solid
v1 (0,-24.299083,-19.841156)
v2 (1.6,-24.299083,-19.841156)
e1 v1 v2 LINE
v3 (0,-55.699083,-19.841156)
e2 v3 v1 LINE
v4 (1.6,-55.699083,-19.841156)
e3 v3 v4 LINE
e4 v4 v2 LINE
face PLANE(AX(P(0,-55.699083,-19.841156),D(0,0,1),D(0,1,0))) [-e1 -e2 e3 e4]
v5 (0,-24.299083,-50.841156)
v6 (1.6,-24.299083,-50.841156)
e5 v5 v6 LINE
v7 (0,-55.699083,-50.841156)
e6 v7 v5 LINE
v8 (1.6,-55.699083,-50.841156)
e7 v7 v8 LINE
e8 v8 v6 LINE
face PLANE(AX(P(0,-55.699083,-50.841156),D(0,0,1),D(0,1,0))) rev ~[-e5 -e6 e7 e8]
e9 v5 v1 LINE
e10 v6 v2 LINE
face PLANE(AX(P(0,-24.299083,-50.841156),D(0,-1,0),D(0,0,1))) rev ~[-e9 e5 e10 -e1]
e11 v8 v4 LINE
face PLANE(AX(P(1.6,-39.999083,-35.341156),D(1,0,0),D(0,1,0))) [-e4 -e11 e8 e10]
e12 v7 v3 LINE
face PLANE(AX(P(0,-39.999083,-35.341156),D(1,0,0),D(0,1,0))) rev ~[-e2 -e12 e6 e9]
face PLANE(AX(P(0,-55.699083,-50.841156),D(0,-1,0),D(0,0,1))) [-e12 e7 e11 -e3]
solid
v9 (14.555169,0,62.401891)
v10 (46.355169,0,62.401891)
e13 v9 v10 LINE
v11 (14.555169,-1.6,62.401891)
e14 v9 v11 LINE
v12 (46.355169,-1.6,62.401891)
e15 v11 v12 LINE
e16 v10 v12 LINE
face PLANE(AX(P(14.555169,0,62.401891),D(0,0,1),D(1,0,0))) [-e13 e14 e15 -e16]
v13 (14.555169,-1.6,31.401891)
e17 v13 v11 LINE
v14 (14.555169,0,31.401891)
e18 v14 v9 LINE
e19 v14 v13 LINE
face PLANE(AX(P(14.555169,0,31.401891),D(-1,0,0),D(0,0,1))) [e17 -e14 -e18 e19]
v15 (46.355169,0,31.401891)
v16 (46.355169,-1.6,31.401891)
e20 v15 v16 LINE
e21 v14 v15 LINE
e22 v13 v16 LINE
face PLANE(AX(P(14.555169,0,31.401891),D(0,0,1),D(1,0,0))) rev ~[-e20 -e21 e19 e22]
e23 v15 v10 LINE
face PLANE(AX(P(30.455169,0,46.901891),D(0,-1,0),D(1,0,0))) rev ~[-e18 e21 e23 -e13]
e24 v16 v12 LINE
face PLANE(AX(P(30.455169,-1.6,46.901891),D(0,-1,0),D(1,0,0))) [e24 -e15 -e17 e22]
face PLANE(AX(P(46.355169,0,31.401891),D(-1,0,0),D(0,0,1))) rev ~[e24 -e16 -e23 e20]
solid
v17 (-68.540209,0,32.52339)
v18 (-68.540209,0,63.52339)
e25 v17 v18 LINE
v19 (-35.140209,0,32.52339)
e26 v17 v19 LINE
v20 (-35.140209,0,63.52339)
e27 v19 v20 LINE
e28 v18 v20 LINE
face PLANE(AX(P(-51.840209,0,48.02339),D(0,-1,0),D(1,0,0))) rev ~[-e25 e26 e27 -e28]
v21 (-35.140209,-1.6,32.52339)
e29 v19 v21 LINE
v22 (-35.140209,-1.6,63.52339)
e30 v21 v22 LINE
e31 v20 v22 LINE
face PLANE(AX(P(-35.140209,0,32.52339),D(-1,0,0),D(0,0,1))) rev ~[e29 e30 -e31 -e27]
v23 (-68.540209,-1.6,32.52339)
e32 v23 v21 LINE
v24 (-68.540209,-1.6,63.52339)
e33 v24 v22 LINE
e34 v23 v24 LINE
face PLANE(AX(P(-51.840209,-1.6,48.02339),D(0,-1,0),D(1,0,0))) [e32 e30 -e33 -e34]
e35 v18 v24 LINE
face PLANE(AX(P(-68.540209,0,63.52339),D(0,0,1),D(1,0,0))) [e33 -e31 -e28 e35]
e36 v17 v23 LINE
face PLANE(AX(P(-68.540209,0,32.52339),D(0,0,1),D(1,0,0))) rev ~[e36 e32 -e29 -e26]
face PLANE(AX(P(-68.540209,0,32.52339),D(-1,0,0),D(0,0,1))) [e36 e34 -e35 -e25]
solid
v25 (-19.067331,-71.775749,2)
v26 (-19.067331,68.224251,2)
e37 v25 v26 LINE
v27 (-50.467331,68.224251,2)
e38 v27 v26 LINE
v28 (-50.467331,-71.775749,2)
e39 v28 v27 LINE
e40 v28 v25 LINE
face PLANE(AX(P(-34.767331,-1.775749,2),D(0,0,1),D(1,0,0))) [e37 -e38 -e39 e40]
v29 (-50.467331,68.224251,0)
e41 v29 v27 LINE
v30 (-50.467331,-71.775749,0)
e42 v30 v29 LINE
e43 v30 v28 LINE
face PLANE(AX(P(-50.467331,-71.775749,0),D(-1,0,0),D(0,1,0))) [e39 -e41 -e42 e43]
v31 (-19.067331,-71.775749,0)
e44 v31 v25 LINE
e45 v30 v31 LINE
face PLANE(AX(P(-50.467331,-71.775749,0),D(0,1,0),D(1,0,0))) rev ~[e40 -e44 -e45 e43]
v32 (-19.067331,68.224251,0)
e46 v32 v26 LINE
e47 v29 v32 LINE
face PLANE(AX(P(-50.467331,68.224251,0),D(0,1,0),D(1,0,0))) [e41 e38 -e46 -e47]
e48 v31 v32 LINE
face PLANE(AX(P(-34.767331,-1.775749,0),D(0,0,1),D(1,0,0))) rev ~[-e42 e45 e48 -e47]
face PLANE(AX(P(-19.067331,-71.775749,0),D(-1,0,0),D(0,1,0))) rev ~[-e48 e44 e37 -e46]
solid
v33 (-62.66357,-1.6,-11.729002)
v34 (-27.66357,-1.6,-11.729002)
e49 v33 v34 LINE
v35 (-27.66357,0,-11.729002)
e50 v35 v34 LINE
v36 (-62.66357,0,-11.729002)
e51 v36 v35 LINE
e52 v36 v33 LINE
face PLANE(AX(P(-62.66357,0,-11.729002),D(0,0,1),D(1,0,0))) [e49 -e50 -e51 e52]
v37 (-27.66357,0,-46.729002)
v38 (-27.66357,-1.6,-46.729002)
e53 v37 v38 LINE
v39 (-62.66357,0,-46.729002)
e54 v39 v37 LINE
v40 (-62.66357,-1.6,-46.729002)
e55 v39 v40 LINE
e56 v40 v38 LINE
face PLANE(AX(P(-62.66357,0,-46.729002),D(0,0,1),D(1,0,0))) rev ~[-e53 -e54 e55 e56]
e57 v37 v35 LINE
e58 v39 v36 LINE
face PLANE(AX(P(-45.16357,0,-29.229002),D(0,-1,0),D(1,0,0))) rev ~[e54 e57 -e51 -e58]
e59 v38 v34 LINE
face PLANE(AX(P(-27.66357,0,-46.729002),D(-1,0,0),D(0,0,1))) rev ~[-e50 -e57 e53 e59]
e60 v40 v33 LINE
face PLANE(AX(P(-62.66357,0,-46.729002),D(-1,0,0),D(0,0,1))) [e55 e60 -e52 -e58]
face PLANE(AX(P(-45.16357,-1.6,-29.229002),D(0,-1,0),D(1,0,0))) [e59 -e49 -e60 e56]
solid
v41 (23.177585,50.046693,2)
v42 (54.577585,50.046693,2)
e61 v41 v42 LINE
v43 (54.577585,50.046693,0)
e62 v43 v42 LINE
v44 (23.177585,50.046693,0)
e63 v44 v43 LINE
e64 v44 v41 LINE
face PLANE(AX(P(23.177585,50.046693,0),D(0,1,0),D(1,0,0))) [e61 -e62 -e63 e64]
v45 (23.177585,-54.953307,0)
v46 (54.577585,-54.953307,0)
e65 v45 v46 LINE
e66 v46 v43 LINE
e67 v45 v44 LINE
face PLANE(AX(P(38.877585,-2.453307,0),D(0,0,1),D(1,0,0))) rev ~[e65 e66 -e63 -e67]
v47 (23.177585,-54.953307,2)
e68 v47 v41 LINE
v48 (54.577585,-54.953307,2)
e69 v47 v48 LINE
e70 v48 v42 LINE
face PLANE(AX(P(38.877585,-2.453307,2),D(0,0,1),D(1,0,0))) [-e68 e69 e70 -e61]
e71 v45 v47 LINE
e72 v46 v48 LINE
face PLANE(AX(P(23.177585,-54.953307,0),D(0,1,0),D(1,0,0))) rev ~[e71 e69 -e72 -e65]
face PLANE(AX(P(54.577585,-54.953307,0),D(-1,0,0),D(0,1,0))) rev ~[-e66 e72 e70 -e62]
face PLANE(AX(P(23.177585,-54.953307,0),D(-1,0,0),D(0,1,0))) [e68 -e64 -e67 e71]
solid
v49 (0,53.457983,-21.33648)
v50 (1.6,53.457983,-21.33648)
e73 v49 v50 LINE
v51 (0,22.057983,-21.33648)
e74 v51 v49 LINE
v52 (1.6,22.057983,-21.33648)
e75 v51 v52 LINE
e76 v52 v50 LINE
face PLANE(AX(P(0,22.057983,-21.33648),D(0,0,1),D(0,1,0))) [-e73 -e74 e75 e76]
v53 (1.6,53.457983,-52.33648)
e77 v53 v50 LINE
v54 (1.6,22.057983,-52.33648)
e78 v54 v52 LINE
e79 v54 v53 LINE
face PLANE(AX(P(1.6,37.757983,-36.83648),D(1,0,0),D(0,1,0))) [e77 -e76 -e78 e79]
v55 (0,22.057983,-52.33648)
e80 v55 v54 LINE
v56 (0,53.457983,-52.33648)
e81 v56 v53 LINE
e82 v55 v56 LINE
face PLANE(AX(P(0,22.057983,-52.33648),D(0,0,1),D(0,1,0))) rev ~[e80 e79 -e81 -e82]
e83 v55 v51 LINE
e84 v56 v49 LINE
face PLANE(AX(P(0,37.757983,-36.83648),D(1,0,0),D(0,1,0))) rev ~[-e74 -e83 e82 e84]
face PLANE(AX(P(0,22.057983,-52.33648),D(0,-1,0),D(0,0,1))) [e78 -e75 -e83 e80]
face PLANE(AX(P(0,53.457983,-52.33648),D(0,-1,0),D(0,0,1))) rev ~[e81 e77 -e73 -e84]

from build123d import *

# Parameters (mm, degrees)
F0_W      = 31.4
F0_H      = 105
F1_DEPTH  = 2
F2_W      = 31.4
F2_H      = 140
F3_DEPTH  = 2
F4_W      = 33.4
F4_H      = 31
F5_DEPTH  = 1.6
F6_W      = 31.8
F6_H      = 31
F7_DEPTH  = 1.6
F8_W      = 31.4
F8_H      = 31
F10_DEPTH = 1.6
F9_W      = 31.4
F9_H      = 31
F11_DEPTH = 1.6
F12_W     = 35
F12_H     = 35
F13_DEPTH = 1.6


with BuildPart() as f1:
    # F0 (on Top) → F1 (new body)
    with BuildSketch(Plane.XY):
        with Locations((38.877585, -2.453307)):
            Rectangle(F0_W, F0_H)
    extrude(amount=F1_DEPTH)


with BuildPart() as f3:
    # F2 (on Top) → F3 (new body)
    with BuildSketch(Plane.XY):
        with Locations((-34.767331, -1.775749)):
            Rectangle(F2_W, F2_H)
    extrude(amount=F3_DEPTH)


with BuildPart() as f5:
    # F4 (on Front) → F5 (new body)
    with BuildSketch(Plane.XZ):
        with Locations((-51.840209, 48.02339)):
            Rectangle(F4_W, F4_H)
    extrude(amount=F5_DEPTH)


with BuildPart() as f7:
    # F6 (on Front) → F7 (new body)
    with BuildSketch(Plane.XZ):
        with Locations((30.455169, 46.901891)):
            Rectangle(F6_W, F6_H)
    extrude(amount=F7_DEPTH)


with BuildPart() as f10:
    # F8 (on Right) → F10 (new body)
    with BuildSketch(Plane.YZ):
        with Locations((-39.999083, -35.341156)):
            Rectangle(F8_W, F8_H)
    extrude(amount=F10_DEPTH)


with BuildPart() as f11:
    # F9 (on Right) → F11 (new body)
    with BuildSketch(Plane.YZ):
        with Locations((37.757983, -36.83648)):
            Rectangle(F9_W, F9_H)
    extrude(amount=F11_DEPTH)


with BuildPart() as f13:
    # F12 (on Front) → F13 (new body)
    with BuildSketch(Plane.XZ):
        with Locations((-45.16357, -29.229002)):
            Rectangle(F12_W, F12_H)
    extrude(amount=F13_DEPTH)


solid = Compound([f1.part, f3.part, f5.part, f7.part, f10.part, f11.part, f13.part])
